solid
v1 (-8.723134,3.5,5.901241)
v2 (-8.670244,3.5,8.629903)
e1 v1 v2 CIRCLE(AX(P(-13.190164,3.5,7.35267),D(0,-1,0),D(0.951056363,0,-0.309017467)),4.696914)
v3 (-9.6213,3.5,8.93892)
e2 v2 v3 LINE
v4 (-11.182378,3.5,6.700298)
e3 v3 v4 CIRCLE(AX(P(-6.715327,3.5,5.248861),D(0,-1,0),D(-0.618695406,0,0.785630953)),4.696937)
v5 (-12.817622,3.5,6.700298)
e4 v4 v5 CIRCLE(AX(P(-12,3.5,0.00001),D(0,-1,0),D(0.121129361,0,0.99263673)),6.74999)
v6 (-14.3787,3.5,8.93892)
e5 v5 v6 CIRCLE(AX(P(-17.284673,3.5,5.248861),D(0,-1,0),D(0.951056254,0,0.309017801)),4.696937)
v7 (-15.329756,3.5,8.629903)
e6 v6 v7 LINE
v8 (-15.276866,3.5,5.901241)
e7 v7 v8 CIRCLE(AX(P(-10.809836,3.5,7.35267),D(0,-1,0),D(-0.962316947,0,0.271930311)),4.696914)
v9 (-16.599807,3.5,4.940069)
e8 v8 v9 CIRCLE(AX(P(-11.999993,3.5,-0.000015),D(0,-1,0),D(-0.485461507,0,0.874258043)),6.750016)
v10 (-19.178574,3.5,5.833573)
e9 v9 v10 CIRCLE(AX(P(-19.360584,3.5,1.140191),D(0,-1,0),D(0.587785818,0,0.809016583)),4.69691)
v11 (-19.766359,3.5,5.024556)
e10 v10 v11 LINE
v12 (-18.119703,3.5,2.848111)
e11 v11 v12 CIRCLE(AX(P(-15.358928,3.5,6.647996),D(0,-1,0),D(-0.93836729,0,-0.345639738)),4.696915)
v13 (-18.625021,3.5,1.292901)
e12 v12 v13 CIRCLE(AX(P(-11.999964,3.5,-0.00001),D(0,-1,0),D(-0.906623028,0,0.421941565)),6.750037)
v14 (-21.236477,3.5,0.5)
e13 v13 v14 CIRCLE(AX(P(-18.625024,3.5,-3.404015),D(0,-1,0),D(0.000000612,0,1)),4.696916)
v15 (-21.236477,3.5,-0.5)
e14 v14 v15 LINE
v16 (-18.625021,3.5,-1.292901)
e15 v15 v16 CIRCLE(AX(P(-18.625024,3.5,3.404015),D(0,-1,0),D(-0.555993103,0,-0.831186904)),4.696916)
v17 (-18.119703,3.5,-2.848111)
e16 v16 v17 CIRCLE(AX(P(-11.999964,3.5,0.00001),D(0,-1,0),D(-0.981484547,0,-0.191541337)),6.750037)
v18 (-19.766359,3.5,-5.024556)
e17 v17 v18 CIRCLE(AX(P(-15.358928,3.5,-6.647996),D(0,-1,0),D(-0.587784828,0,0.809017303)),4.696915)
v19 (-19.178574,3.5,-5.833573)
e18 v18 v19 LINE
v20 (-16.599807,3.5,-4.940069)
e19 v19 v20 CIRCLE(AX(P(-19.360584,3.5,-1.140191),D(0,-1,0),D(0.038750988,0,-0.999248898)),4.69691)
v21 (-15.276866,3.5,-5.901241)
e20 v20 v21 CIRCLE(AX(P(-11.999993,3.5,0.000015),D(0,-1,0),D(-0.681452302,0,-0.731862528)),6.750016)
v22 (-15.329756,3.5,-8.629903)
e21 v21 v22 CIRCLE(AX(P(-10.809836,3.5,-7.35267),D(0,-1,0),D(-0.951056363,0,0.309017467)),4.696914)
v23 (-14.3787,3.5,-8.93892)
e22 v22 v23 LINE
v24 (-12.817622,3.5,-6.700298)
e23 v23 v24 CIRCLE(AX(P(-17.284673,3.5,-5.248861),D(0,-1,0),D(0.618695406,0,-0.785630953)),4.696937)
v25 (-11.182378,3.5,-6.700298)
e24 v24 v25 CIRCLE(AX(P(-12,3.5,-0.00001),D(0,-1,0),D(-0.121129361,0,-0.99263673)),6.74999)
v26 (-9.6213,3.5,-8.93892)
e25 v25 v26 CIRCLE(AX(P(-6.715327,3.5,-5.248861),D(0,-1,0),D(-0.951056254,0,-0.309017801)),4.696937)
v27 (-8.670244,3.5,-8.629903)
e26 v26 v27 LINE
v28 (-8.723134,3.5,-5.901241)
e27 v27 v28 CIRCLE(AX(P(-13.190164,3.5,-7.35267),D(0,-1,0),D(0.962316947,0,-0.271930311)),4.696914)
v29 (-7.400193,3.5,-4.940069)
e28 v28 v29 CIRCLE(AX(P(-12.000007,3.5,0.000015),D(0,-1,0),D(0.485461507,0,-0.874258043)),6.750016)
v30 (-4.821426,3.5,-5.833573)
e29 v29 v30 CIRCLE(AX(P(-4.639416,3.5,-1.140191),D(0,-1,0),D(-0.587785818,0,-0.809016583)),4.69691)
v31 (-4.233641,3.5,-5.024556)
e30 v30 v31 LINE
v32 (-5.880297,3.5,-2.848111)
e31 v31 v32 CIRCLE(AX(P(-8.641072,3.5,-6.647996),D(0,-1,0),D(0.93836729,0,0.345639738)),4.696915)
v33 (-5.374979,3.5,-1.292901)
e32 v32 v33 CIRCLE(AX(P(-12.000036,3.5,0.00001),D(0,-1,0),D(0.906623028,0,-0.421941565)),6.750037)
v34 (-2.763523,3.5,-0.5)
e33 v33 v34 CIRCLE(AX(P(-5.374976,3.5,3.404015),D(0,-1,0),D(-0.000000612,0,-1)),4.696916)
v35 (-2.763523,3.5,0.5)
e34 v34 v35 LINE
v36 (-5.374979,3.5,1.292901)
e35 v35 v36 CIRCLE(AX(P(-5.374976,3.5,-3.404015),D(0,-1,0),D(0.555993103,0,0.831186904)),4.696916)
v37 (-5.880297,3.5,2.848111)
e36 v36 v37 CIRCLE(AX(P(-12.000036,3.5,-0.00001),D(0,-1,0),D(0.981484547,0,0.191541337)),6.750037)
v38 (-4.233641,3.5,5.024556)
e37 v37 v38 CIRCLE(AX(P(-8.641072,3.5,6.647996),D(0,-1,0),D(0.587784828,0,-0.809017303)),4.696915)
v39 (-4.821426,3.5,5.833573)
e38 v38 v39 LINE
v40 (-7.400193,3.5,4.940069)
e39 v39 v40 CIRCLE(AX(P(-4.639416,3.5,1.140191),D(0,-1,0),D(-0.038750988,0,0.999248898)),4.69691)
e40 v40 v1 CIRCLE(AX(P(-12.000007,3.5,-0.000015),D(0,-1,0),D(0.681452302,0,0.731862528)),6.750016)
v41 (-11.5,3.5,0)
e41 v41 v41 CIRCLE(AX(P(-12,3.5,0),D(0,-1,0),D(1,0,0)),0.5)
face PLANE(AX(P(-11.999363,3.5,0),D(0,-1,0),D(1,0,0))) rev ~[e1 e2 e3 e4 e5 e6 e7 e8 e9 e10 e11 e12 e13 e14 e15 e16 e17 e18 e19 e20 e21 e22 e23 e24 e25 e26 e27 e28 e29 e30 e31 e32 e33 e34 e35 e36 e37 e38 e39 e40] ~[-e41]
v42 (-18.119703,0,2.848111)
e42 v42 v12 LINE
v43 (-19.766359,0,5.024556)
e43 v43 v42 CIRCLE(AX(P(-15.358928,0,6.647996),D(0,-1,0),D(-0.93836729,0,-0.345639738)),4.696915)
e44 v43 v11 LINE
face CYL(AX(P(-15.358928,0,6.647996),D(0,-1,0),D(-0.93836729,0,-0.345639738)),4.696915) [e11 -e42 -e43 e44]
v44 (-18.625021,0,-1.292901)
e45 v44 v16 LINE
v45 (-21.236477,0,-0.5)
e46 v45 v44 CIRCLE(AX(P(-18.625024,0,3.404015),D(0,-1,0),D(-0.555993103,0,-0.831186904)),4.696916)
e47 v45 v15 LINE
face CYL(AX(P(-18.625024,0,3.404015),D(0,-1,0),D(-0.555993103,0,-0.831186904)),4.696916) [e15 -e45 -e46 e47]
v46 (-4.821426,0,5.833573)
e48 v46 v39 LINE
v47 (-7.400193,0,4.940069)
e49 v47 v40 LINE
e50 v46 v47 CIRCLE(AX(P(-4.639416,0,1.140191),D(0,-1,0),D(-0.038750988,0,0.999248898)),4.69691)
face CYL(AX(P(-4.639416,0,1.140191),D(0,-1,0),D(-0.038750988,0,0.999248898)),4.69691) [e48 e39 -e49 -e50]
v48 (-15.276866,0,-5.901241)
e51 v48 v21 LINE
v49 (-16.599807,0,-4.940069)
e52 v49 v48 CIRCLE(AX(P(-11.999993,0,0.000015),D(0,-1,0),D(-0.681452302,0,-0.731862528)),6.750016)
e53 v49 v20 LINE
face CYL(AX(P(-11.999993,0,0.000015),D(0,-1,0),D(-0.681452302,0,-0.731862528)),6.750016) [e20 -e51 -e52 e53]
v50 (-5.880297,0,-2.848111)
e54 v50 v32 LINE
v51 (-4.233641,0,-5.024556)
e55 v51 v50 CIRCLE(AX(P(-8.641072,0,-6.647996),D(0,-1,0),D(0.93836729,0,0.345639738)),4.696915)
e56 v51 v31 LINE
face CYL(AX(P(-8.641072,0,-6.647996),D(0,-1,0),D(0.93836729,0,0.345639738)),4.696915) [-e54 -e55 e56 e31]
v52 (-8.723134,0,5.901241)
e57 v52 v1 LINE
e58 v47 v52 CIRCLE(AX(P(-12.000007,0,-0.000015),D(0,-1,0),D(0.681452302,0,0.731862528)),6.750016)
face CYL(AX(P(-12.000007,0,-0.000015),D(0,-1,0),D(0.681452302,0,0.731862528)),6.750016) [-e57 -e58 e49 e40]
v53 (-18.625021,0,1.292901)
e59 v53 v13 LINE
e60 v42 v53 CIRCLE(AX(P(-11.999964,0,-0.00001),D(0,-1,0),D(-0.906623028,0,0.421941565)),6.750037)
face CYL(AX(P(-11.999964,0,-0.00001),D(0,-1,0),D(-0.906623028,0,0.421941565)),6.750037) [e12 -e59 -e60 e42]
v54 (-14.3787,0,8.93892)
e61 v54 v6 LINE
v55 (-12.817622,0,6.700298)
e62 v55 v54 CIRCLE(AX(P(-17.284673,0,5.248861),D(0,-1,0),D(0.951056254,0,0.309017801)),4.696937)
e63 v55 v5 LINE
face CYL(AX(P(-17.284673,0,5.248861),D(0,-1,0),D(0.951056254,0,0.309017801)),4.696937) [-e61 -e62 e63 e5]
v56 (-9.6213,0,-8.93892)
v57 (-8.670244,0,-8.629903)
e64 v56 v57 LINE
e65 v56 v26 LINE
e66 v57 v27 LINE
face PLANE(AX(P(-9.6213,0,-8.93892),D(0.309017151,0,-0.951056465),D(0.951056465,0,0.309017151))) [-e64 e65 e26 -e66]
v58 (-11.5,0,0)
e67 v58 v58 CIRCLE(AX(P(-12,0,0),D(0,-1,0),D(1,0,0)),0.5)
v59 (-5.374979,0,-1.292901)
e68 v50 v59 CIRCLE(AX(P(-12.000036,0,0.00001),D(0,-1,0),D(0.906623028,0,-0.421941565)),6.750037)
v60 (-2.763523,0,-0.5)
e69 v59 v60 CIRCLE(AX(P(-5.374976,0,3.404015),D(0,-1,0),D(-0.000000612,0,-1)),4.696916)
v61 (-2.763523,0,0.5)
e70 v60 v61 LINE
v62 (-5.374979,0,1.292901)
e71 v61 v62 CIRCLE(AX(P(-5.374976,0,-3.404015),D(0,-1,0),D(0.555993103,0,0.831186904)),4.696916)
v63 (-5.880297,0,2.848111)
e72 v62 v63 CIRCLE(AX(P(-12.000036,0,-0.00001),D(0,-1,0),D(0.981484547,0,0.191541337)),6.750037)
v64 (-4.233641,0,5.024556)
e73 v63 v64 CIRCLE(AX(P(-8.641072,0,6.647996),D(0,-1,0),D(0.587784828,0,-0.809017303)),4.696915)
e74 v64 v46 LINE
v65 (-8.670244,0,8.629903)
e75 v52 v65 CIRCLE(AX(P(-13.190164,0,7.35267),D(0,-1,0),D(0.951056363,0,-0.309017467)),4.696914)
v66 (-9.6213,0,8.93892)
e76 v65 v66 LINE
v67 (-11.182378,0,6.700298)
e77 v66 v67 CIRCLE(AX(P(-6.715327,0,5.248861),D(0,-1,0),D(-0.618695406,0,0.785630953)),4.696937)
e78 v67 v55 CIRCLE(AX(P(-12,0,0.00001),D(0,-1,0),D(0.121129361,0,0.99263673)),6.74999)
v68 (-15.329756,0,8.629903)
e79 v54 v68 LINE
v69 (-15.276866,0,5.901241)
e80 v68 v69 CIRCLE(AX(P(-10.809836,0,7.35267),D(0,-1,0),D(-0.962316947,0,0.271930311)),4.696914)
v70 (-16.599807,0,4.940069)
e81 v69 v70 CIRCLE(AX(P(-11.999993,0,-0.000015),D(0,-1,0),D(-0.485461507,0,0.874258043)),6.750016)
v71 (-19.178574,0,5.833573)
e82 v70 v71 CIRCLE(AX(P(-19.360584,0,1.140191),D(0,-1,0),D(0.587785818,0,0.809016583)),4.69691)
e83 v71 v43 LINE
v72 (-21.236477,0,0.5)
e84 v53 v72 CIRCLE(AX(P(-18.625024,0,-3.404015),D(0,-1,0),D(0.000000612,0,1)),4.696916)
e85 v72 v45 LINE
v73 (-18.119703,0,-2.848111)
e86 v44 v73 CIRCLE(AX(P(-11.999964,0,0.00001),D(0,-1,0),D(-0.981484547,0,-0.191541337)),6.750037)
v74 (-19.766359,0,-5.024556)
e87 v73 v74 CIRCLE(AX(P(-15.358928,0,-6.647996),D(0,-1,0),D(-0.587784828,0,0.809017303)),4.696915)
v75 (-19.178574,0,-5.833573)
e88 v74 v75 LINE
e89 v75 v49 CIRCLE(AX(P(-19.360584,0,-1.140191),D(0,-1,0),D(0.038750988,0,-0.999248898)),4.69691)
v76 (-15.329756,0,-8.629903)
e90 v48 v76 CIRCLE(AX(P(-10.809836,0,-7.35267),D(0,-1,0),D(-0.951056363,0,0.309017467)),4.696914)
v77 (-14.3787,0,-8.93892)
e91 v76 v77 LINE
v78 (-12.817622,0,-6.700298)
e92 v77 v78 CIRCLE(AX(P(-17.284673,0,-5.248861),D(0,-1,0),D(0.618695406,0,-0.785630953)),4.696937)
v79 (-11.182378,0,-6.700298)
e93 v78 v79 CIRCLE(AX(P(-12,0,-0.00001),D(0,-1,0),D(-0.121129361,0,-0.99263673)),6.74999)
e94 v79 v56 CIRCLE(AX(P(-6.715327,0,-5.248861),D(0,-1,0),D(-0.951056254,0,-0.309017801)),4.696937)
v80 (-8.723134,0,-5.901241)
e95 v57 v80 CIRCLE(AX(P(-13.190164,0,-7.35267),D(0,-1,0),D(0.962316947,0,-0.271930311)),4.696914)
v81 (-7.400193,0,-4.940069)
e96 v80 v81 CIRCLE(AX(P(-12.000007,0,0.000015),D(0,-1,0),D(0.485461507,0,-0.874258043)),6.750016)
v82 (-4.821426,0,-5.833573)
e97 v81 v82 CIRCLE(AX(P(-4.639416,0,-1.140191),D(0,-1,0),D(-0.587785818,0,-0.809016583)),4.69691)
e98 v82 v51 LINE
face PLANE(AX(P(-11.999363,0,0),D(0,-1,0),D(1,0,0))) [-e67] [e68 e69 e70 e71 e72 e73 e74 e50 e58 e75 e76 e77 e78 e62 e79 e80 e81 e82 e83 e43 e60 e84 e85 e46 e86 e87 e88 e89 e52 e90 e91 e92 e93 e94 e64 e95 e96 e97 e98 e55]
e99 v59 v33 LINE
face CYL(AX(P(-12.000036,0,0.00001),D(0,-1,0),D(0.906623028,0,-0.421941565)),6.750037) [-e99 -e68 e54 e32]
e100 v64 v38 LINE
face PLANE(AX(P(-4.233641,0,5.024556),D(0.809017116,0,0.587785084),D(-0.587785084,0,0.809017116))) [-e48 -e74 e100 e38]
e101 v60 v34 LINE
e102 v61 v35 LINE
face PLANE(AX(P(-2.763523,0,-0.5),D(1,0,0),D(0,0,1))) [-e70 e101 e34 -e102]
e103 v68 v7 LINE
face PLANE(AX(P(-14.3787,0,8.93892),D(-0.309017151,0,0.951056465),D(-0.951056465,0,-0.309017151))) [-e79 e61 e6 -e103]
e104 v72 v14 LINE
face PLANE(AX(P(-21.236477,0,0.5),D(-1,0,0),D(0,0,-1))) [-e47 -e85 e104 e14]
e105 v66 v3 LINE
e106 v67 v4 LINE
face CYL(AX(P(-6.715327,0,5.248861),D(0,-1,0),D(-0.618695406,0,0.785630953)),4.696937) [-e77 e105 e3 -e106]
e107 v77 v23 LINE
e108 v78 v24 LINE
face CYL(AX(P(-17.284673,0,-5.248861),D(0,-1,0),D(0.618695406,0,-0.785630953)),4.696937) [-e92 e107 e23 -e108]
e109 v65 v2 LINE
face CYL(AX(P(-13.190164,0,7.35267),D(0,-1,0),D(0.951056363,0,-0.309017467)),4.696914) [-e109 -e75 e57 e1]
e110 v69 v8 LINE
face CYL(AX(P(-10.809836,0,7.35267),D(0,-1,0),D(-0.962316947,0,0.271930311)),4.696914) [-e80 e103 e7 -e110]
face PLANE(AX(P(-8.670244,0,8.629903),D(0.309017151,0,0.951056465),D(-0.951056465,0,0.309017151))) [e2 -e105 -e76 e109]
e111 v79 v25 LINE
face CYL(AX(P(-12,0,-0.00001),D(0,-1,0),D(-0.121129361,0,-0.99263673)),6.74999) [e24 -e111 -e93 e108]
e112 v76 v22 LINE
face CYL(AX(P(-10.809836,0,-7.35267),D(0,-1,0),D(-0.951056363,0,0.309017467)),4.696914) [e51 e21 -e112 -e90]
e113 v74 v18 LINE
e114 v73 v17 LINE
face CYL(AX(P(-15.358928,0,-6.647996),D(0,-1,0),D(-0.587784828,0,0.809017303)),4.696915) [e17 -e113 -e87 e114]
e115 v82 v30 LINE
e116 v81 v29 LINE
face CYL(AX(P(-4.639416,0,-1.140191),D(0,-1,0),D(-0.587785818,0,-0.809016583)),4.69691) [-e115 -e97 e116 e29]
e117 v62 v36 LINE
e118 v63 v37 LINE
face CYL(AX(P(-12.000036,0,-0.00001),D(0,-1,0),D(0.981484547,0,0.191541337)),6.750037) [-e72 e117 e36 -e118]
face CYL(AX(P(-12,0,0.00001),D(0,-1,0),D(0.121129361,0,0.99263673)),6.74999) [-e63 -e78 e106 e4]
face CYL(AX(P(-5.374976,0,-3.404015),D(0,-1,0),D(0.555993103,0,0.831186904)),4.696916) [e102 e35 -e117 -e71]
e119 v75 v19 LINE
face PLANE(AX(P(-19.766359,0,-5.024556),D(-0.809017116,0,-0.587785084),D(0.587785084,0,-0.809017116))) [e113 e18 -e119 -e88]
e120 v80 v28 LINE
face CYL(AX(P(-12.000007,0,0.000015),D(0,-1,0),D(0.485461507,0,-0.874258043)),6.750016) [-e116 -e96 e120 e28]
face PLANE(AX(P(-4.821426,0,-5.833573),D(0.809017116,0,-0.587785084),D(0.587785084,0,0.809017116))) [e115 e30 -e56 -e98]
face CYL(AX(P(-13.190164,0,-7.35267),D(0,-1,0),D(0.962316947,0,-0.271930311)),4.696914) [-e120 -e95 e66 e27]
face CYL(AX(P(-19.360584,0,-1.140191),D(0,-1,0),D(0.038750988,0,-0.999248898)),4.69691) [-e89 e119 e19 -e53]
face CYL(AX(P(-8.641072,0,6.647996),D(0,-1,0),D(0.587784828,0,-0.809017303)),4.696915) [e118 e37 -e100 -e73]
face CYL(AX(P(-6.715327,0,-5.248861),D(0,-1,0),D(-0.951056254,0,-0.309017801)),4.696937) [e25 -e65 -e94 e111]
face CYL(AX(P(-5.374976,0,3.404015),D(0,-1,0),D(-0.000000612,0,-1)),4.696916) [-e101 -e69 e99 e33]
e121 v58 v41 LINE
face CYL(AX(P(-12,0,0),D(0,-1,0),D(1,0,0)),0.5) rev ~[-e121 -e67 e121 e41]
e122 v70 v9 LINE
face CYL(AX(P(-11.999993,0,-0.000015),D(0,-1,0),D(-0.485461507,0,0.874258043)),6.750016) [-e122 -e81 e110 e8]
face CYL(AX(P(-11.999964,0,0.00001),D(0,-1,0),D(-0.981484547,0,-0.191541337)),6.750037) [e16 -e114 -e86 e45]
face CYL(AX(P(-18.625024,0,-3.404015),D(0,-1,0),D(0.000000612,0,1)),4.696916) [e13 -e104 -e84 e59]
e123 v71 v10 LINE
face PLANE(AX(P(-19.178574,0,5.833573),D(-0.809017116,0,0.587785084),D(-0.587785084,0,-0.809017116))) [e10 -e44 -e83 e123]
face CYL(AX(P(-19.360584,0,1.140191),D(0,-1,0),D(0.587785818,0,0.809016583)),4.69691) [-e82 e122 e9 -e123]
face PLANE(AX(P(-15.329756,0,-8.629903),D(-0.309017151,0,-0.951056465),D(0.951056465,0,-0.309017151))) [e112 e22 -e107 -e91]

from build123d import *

# Parameters (mm, degrees)
F0_R     = 0.5
F1_DEPTH = 3.5


with BuildPart() as f1:
    # F0 (on Front) → F1 (new body)
    with BuildSketch(Plane.XZ):
        with BuildLine():
            ThreePointArc((-5.374979, -1.292901), (-5.281317, -0.649464), (-5.25, 0))
            ThreePointArc((-5.25, 0), (-5.281317, 0.649464), (-5.374979, 1.292901))
            ThreePointArc((-5.374979, 1.292901), (-5.580369, 2.085865), (-5.880297, 2.848111))
            ThreePointArc((-5.880297, 2.848111), (-6.539135, 3.96755), (-7.400193, 4.940069))
            ThreePointArc((-7.400193, 4.940069), (-8.03245, 5.460865), (-8.723134, 5.901241))
            ThreePointArc((-8.723134, 5.901241), (-9.914135, 6.419631), (-11.182378, 6.700298))
            ThreePointArc((-11.182378, 6.700298), (-12, 6.75), (-12.817622, 6.700298))
            ThreePointArc((-12.817622, 6.700298), (-14.085865, 6.419631), (-15.276866, 5.901241))
            ThreePointArc((-15.276866, 5.901241), (-15.96755, 5.460865), (-16.599807, 4.940069))
            ThreePointArc((-16.599807, 4.940069), (-17.460865, 3.96755), (-18.119703, 2.848111))
            ThreePointArc((-18.119703, 2.848111), (-18.419631, 2.085865), (-18.625021, 1.292901))
            ThreePointArc((-18.625021, 1.292901), (-18.75, 0), (-18.625021, -1.292901))
            ThreePointArc((-18.625021, -1.292901), (-18.419631, -2.085865), (-18.119703, -2.848111))
            ThreePointArc((-18.119703, -2.848111), (-17.460865, -3.96755), (-16.599807, -4.940069))
            ThreePointArc((-16.599807, -4.940069), (-15.96755, -5.460865), (-15.276866, -5.901241))
            ThreePointArc((-15.276866, -5.901241), (-14.085865, -6.419631), (-12.817622, -6.700298))
            ThreePointArc((-12.817622, -6.700298), (-12, -6.75), (-11.182378, -6.700298))
            ThreePointArc((-11.182378, -6.700298), (-9.914135, -6.419631), (-8.723134, -5.901241))
            ThreePointArc((-8.723134, -5.901241), (-8.03245, -5.460865), (-7.400193, -4.940069))
            ThreePointArc((-7.400193, -4.940069), (-6.539135, -3.96755), (-5.880297, -2.848111))
            ThreePointArc((-5.880297, -2.848111), (-5.580369, -2.085865), (-5.374979, -1.292901))
        make_face()
        with Locations((-12, 0)):
            Circle(F0_R, mode=Mode.SUBTRACT)
        with BuildLine():
            ThreePointArc((-5.374979, 1.292901), (-5.281317, 0.649464), (-5.25, 0))
            ThreePointArc((-5.25, 0), (-5.281317, -0.649464), (-5.374979, -1.292901))
            ThreePointArc((-5.374979, -1.292901), (-4.010392, -1.090307), (-2.763523, -0.5))
            Line((-2.763523, -0.5), (-2.763523, 0))
            Line((-2.763523, 0), (-2.763523, 0.5))
            ThreePointArc((-2.763523, 0.5), (-4.010392, 1.090307), (-5.374979, 1.292901))
        make_face()
        with BuildLine():
            ThreePointArc((-7.400193, 4.940069), (-6.539135, 3.96755), (-5.880297, 2.848111))
            ThreePointArc((-5.880297, 2.848111), (-4.895405, 3.814097), (-4.233641, 5.024556))
            Line((-4.233641, 5.024556), (-4.821426, 5.833573))
            ThreePointArc((-4.821426, 5.833573), (-6.177137, 5.578251), (-7.400193, 4.940069))
        make_face()
        with BuildLine():
            ThreePointArc((-4.233641, -5.024556), (-4.895405, -3.814097), (-5.880297, -2.848111))
            ThreePointArc((-5.880297, -2.848111), (-6.539135, -3.96755), (-7.400193, -4.940069))
            ThreePointArc((-7.400193, -4.940069), (-6.177137, -5.578251), (-4.821426, -5.833573))
            Line((-4.821426, -5.833573), (-4.233641, -5.024556))
        make_face()
        with BuildLine():
            ThreePointArc((-11.182378, 6.700298), (-9.914135, 6.419631), (-8.723134, 5.901241))
            ThreePointArc((-8.723134, 5.901241), (-8.494132, 7.261646), (-8.670244, 8.629903))
            Line((-8.670244, 8.629903), (-9.6213, 8.93892))
            ThreePointArc((-9.6213, 8.93892), (-10.568018, 7.935492), (-11.182378, 6.700298))
        make_face()
        with BuildLine():
            ThreePointArc((-8.670244, -8.629903), (-8.494132, -7.261646), (-8.723134, -5.901241))
            ThreePointArc((-8.723134, -5.901241), (-9.914135, -6.419631), (-11.182378, -6.700298))
            ThreePointArc((-11.182378, -6.700298), (-10.568018, -7.935492), (-9.6213, -8.93892))
            Line((-9.6213, -8.93892), (-8.670244, -8.629903))
        make_face()
        with BuildLine():
            ThreePointArc((-15.276866, 5.901241), (-14.085865, 6.419631), (-12.817622, 6.700298))
            ThreePointArc((-12.817622, 6.700298), (-13.431982, 7.935492), (-14.3787, 8.93892))
            Line((-14.3787, 8.93892), (-15.329756, 8.629903))
            ThreePointArc((-15.329756, 8.629903), (-15.505868, 7.261646), (-15.276866, 5.901241))
        make_face()
        with BuildLine():
            ThreePointArc((-14.3787, -8.93892), (-13.431982, -7.935492), (-12.817622, -6.700298))
            ThreePointArc((-12.817622, -6.700298), (-14.085865, -6.419631), (-15.276866, -5.901241))
            ThreePointArc((-15.276866, -5.901241), (-15.505868, -7.261646), (-15.329756, -8.629903))
            Line((-15.329756, -8.629903), (-14.3787, -8.93892))
        make_face()
        with BuildLine():
            ThreePointArc((-18.119703, 2.848111), (-17.460865, 3.96755), (-16.599807, 4.940069))
            ThreePointArc((-16.599807, 4.940069), (-17.822863, 5.578251), (-19.178574, 5.833573))
            Line((-19.178574, 5.833573), (-19.766359, 5.024556))
            ThreePointArc((-19.766359, 5.024556), (-19.104595, 3.814097), (-18.119703, 2.848111))
        make_face()
        with BuildLine():
            ThreePointArc((-19.178574, -5.833573), (-17.822863, -5.578251), (-16.599807, -4.940069))
            ThreePointArc((-16.599807, -4.940069), (-17.460865, -3.96755), (-18.119703, -2.848111))
            ThreePointArc((-18.119703, -2.848111), (-19.104595, -3.814097), (-19.766359, -5.024556))
            Line((-19.766359, -5.024556), (-19.178574, -5.833573))
        make_face()
        with BuildLine():
            ThreePointArc((-18.625021, -1.292901), (-18.75, 0), (-18.625021, 1.292901))
            ThreePointArc((-18.625021, 1.292901), (-19.989608, 1.090307), (-21.236477, 0.5))
            Line((-21.236477, 0.5), (-21.236477, 0))
            Line((-21.236477, 0), (-21.236477, -0.5))
            ThreePointArc((-21.236477, -0.5), (-19.989608, -1.090307), (-18.625021, -1.292901))
        make_face()
    extrude(amount=-F1_DEPTH)


solid = f1.part
